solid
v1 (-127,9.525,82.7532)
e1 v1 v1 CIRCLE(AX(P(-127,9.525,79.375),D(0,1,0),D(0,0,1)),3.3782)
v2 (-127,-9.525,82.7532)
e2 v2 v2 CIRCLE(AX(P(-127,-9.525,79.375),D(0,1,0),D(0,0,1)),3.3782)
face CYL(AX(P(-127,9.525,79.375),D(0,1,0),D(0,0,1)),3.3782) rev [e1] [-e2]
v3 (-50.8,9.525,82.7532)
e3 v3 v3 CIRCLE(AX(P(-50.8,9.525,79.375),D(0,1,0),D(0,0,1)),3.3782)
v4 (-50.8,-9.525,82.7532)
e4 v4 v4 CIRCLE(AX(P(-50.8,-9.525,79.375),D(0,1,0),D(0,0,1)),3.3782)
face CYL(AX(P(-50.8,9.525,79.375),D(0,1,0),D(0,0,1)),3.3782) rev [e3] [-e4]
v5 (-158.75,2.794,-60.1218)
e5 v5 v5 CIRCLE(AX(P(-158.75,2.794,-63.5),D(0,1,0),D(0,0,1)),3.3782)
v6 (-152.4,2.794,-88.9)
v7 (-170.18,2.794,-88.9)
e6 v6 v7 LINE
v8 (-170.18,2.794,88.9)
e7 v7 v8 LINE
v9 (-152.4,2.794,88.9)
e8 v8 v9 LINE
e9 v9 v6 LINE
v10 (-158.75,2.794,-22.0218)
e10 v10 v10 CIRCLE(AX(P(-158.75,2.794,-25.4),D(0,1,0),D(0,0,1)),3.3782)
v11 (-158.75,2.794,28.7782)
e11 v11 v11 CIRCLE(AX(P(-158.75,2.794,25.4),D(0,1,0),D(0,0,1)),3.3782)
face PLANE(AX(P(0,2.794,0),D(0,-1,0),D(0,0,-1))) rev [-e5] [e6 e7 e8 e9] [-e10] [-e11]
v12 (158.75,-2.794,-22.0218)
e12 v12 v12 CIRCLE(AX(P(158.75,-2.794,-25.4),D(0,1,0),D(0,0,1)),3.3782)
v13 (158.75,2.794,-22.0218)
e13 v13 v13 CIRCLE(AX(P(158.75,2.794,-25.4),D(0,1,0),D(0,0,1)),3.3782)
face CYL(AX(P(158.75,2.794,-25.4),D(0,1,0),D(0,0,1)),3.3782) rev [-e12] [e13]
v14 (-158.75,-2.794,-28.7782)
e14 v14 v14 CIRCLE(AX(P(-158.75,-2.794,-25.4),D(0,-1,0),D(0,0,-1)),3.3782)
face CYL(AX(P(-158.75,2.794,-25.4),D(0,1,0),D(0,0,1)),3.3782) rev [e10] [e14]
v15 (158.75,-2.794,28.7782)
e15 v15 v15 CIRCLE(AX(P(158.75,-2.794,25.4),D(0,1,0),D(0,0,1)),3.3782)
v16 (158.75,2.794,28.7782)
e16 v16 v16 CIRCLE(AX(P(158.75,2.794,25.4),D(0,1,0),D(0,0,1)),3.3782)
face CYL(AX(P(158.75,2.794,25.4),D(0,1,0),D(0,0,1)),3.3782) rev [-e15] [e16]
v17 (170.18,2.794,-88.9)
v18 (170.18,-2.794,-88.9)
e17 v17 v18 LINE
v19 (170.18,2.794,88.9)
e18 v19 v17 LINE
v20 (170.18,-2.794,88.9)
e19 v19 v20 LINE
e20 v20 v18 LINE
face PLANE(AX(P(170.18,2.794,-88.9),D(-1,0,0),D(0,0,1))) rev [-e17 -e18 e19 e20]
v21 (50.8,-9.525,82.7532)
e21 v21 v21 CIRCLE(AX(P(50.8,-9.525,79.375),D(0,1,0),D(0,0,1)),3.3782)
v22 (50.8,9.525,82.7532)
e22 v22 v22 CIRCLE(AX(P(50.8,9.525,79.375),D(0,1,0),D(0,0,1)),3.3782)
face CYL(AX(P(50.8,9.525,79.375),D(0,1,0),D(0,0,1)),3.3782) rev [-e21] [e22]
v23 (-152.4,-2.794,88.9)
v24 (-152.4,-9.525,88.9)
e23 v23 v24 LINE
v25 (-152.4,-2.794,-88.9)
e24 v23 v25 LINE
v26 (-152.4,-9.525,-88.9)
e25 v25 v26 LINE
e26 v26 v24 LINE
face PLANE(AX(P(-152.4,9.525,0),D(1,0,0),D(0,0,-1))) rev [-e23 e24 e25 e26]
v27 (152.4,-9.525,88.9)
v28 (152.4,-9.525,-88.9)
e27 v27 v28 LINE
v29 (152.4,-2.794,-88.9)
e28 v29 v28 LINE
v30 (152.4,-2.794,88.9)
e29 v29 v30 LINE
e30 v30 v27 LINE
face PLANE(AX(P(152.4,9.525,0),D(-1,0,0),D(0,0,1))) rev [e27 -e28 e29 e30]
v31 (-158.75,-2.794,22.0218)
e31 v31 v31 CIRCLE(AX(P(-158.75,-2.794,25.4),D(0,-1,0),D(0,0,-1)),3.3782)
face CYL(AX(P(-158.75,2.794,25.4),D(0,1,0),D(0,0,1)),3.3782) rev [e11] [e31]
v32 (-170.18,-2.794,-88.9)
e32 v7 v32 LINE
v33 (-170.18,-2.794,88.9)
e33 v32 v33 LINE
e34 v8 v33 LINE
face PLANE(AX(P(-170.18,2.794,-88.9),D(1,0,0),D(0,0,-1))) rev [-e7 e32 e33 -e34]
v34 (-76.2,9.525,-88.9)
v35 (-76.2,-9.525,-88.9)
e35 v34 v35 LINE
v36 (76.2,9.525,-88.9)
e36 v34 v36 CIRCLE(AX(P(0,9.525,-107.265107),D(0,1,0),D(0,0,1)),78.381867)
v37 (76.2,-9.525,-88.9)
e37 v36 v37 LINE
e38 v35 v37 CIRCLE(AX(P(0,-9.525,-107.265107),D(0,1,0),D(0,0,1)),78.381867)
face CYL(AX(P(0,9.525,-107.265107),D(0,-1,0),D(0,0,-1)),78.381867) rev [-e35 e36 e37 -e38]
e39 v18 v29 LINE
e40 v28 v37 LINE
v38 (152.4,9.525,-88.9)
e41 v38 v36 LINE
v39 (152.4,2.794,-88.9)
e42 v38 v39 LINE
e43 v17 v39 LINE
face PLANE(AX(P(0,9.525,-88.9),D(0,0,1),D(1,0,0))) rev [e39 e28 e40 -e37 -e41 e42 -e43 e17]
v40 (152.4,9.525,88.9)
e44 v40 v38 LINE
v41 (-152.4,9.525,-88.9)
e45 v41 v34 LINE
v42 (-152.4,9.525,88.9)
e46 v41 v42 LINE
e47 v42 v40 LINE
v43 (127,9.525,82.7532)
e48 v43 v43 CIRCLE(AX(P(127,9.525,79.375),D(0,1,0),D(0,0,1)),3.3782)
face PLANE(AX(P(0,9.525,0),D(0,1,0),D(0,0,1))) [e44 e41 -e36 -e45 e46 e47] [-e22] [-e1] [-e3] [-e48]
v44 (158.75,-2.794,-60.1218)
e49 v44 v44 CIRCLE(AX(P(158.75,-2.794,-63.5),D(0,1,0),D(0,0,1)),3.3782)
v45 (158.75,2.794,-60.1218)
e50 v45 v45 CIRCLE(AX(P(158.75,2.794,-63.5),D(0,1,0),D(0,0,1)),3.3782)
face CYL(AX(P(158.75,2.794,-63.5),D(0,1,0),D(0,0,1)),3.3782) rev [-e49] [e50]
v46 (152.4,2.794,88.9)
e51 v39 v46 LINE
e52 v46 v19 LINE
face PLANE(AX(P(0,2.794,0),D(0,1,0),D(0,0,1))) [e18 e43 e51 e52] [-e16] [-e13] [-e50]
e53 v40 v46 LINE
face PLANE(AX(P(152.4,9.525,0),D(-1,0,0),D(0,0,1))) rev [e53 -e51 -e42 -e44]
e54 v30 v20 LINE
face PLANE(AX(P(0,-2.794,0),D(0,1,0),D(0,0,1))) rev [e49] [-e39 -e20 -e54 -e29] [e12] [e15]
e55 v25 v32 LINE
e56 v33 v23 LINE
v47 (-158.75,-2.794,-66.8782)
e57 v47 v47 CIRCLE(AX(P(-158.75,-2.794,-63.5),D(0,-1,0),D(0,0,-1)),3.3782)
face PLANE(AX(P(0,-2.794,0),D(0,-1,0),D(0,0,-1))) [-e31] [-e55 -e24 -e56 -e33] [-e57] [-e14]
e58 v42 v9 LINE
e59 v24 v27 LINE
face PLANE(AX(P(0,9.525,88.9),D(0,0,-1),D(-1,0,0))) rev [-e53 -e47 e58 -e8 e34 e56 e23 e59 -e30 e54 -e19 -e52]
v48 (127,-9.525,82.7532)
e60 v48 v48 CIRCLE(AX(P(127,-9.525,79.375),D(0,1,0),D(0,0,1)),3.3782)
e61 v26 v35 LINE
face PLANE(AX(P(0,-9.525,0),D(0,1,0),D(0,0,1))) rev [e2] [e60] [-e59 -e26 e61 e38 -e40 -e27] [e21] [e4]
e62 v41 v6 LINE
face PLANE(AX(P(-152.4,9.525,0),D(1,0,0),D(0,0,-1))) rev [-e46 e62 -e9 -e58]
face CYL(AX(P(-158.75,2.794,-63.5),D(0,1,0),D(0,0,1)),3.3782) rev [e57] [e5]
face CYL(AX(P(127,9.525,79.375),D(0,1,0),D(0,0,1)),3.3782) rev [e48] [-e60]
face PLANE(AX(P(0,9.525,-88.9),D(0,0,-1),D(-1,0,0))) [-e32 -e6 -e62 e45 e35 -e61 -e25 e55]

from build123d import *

# Parameters (mm, degrees)
BOSS_EXTRUDE1_DEPTH     = 9.525
SKETCH2_W               = 17.78
SKETCH2_H               = 177.8
BOSS_EXTRUDE2_DEPTH     = 2.794
F_1_4_CLEARANCE_HOLE1_D = 6.7564
F_1_4_CLEARANCE_HOLE2_D = 6.7564


with BuildPart() as part:
    # Sketch1 → Boss-Extrude1 (new, symmetric)
    with BuildSketch(Plane(origin=(0, 0, 0), x_dir=(1, 0, 0), z_dir=(0, 1, 0))):
        with BuildLine():
            Line((-76.2, 88.9), (-152.4, 88.9))
            Line((-152.4, 88.9), (-152.4, -88.9))
            Line((-152.4, -88.9), (152.4, -88.9))
            Line((152.4, -88.9), (152.4, 88.9))
            Line((152.4, 88.9), (76.2, 88.9))
            ThreePointArc((76.2, 88.9), (0, 28.883239197), (-76.2, 88.9))
        make_face()
    extrude(amount=BOSS_EXTRUDE1_DEPTH, both=True)

    # Sketch2 → Boss-Extrude2 (add, symmetric)
    with BuildSketch(Plane(origin=(0, 0, 0), x_dir=(1, 0, 0), z_dir=(0, 1, 0))):
        with Locations((-161.29, 0)):
            Rectangle(SKETCH2_W, SKETCH2_H)
        with Locations((161.29, 0)):
            Rectangle(SKETCH2_W, SKETCH2_H)
    extrude(amount=BOSS_EXTRUDE2_DEPTH, both=True)

    # 1/4 Clearance Hole1 (through all)
    with Locations(Plane(origin=(0, 2.794, 0), x_dir=(1, 0, 0), z_dir=(0, 1, 0))):
        with Locations((158.75, 63.5), (158.75, 25.4), (158.75, -25.4)):
            f_1_4_clearance_hole1 = Hole(F_1_4_CLEARANCE_HOLE1_D / 2)

    # Mirror1: 1/4 Clearance Hole1 across plane
    add(f_1_4_clearance_hole1.mirror(Plane(origin=(0, 0, 0), x_dir=(0, 0, 1), z_dir=(1, 0, 0))), mode=Mode.SUBTRACT)

    # 1/4 Clearance Hole2 (through all)
    with Locations(Plane(origin=(0, 9.525, 0), x_dir=(1, 0, 0), z_dir=(0, 1, 0))):
        with Locations((-127, -79.375), (-50.8, -79.375)):
            f_1_4_clearance_hole2 = Hole(F_1_4_CLEARANCE_HOLE2_D / 2)

    # Mirror2: 1/4 Clearance Hole2 across plane
    add(f_1_4_clearance_hole2.mirror(Plane(origin=(0, 0, 0), x_dir=(0, 0, 1), z_dir=(1, 0, 0))), mode=Mode.SUBTRACT)


solid = part.part
